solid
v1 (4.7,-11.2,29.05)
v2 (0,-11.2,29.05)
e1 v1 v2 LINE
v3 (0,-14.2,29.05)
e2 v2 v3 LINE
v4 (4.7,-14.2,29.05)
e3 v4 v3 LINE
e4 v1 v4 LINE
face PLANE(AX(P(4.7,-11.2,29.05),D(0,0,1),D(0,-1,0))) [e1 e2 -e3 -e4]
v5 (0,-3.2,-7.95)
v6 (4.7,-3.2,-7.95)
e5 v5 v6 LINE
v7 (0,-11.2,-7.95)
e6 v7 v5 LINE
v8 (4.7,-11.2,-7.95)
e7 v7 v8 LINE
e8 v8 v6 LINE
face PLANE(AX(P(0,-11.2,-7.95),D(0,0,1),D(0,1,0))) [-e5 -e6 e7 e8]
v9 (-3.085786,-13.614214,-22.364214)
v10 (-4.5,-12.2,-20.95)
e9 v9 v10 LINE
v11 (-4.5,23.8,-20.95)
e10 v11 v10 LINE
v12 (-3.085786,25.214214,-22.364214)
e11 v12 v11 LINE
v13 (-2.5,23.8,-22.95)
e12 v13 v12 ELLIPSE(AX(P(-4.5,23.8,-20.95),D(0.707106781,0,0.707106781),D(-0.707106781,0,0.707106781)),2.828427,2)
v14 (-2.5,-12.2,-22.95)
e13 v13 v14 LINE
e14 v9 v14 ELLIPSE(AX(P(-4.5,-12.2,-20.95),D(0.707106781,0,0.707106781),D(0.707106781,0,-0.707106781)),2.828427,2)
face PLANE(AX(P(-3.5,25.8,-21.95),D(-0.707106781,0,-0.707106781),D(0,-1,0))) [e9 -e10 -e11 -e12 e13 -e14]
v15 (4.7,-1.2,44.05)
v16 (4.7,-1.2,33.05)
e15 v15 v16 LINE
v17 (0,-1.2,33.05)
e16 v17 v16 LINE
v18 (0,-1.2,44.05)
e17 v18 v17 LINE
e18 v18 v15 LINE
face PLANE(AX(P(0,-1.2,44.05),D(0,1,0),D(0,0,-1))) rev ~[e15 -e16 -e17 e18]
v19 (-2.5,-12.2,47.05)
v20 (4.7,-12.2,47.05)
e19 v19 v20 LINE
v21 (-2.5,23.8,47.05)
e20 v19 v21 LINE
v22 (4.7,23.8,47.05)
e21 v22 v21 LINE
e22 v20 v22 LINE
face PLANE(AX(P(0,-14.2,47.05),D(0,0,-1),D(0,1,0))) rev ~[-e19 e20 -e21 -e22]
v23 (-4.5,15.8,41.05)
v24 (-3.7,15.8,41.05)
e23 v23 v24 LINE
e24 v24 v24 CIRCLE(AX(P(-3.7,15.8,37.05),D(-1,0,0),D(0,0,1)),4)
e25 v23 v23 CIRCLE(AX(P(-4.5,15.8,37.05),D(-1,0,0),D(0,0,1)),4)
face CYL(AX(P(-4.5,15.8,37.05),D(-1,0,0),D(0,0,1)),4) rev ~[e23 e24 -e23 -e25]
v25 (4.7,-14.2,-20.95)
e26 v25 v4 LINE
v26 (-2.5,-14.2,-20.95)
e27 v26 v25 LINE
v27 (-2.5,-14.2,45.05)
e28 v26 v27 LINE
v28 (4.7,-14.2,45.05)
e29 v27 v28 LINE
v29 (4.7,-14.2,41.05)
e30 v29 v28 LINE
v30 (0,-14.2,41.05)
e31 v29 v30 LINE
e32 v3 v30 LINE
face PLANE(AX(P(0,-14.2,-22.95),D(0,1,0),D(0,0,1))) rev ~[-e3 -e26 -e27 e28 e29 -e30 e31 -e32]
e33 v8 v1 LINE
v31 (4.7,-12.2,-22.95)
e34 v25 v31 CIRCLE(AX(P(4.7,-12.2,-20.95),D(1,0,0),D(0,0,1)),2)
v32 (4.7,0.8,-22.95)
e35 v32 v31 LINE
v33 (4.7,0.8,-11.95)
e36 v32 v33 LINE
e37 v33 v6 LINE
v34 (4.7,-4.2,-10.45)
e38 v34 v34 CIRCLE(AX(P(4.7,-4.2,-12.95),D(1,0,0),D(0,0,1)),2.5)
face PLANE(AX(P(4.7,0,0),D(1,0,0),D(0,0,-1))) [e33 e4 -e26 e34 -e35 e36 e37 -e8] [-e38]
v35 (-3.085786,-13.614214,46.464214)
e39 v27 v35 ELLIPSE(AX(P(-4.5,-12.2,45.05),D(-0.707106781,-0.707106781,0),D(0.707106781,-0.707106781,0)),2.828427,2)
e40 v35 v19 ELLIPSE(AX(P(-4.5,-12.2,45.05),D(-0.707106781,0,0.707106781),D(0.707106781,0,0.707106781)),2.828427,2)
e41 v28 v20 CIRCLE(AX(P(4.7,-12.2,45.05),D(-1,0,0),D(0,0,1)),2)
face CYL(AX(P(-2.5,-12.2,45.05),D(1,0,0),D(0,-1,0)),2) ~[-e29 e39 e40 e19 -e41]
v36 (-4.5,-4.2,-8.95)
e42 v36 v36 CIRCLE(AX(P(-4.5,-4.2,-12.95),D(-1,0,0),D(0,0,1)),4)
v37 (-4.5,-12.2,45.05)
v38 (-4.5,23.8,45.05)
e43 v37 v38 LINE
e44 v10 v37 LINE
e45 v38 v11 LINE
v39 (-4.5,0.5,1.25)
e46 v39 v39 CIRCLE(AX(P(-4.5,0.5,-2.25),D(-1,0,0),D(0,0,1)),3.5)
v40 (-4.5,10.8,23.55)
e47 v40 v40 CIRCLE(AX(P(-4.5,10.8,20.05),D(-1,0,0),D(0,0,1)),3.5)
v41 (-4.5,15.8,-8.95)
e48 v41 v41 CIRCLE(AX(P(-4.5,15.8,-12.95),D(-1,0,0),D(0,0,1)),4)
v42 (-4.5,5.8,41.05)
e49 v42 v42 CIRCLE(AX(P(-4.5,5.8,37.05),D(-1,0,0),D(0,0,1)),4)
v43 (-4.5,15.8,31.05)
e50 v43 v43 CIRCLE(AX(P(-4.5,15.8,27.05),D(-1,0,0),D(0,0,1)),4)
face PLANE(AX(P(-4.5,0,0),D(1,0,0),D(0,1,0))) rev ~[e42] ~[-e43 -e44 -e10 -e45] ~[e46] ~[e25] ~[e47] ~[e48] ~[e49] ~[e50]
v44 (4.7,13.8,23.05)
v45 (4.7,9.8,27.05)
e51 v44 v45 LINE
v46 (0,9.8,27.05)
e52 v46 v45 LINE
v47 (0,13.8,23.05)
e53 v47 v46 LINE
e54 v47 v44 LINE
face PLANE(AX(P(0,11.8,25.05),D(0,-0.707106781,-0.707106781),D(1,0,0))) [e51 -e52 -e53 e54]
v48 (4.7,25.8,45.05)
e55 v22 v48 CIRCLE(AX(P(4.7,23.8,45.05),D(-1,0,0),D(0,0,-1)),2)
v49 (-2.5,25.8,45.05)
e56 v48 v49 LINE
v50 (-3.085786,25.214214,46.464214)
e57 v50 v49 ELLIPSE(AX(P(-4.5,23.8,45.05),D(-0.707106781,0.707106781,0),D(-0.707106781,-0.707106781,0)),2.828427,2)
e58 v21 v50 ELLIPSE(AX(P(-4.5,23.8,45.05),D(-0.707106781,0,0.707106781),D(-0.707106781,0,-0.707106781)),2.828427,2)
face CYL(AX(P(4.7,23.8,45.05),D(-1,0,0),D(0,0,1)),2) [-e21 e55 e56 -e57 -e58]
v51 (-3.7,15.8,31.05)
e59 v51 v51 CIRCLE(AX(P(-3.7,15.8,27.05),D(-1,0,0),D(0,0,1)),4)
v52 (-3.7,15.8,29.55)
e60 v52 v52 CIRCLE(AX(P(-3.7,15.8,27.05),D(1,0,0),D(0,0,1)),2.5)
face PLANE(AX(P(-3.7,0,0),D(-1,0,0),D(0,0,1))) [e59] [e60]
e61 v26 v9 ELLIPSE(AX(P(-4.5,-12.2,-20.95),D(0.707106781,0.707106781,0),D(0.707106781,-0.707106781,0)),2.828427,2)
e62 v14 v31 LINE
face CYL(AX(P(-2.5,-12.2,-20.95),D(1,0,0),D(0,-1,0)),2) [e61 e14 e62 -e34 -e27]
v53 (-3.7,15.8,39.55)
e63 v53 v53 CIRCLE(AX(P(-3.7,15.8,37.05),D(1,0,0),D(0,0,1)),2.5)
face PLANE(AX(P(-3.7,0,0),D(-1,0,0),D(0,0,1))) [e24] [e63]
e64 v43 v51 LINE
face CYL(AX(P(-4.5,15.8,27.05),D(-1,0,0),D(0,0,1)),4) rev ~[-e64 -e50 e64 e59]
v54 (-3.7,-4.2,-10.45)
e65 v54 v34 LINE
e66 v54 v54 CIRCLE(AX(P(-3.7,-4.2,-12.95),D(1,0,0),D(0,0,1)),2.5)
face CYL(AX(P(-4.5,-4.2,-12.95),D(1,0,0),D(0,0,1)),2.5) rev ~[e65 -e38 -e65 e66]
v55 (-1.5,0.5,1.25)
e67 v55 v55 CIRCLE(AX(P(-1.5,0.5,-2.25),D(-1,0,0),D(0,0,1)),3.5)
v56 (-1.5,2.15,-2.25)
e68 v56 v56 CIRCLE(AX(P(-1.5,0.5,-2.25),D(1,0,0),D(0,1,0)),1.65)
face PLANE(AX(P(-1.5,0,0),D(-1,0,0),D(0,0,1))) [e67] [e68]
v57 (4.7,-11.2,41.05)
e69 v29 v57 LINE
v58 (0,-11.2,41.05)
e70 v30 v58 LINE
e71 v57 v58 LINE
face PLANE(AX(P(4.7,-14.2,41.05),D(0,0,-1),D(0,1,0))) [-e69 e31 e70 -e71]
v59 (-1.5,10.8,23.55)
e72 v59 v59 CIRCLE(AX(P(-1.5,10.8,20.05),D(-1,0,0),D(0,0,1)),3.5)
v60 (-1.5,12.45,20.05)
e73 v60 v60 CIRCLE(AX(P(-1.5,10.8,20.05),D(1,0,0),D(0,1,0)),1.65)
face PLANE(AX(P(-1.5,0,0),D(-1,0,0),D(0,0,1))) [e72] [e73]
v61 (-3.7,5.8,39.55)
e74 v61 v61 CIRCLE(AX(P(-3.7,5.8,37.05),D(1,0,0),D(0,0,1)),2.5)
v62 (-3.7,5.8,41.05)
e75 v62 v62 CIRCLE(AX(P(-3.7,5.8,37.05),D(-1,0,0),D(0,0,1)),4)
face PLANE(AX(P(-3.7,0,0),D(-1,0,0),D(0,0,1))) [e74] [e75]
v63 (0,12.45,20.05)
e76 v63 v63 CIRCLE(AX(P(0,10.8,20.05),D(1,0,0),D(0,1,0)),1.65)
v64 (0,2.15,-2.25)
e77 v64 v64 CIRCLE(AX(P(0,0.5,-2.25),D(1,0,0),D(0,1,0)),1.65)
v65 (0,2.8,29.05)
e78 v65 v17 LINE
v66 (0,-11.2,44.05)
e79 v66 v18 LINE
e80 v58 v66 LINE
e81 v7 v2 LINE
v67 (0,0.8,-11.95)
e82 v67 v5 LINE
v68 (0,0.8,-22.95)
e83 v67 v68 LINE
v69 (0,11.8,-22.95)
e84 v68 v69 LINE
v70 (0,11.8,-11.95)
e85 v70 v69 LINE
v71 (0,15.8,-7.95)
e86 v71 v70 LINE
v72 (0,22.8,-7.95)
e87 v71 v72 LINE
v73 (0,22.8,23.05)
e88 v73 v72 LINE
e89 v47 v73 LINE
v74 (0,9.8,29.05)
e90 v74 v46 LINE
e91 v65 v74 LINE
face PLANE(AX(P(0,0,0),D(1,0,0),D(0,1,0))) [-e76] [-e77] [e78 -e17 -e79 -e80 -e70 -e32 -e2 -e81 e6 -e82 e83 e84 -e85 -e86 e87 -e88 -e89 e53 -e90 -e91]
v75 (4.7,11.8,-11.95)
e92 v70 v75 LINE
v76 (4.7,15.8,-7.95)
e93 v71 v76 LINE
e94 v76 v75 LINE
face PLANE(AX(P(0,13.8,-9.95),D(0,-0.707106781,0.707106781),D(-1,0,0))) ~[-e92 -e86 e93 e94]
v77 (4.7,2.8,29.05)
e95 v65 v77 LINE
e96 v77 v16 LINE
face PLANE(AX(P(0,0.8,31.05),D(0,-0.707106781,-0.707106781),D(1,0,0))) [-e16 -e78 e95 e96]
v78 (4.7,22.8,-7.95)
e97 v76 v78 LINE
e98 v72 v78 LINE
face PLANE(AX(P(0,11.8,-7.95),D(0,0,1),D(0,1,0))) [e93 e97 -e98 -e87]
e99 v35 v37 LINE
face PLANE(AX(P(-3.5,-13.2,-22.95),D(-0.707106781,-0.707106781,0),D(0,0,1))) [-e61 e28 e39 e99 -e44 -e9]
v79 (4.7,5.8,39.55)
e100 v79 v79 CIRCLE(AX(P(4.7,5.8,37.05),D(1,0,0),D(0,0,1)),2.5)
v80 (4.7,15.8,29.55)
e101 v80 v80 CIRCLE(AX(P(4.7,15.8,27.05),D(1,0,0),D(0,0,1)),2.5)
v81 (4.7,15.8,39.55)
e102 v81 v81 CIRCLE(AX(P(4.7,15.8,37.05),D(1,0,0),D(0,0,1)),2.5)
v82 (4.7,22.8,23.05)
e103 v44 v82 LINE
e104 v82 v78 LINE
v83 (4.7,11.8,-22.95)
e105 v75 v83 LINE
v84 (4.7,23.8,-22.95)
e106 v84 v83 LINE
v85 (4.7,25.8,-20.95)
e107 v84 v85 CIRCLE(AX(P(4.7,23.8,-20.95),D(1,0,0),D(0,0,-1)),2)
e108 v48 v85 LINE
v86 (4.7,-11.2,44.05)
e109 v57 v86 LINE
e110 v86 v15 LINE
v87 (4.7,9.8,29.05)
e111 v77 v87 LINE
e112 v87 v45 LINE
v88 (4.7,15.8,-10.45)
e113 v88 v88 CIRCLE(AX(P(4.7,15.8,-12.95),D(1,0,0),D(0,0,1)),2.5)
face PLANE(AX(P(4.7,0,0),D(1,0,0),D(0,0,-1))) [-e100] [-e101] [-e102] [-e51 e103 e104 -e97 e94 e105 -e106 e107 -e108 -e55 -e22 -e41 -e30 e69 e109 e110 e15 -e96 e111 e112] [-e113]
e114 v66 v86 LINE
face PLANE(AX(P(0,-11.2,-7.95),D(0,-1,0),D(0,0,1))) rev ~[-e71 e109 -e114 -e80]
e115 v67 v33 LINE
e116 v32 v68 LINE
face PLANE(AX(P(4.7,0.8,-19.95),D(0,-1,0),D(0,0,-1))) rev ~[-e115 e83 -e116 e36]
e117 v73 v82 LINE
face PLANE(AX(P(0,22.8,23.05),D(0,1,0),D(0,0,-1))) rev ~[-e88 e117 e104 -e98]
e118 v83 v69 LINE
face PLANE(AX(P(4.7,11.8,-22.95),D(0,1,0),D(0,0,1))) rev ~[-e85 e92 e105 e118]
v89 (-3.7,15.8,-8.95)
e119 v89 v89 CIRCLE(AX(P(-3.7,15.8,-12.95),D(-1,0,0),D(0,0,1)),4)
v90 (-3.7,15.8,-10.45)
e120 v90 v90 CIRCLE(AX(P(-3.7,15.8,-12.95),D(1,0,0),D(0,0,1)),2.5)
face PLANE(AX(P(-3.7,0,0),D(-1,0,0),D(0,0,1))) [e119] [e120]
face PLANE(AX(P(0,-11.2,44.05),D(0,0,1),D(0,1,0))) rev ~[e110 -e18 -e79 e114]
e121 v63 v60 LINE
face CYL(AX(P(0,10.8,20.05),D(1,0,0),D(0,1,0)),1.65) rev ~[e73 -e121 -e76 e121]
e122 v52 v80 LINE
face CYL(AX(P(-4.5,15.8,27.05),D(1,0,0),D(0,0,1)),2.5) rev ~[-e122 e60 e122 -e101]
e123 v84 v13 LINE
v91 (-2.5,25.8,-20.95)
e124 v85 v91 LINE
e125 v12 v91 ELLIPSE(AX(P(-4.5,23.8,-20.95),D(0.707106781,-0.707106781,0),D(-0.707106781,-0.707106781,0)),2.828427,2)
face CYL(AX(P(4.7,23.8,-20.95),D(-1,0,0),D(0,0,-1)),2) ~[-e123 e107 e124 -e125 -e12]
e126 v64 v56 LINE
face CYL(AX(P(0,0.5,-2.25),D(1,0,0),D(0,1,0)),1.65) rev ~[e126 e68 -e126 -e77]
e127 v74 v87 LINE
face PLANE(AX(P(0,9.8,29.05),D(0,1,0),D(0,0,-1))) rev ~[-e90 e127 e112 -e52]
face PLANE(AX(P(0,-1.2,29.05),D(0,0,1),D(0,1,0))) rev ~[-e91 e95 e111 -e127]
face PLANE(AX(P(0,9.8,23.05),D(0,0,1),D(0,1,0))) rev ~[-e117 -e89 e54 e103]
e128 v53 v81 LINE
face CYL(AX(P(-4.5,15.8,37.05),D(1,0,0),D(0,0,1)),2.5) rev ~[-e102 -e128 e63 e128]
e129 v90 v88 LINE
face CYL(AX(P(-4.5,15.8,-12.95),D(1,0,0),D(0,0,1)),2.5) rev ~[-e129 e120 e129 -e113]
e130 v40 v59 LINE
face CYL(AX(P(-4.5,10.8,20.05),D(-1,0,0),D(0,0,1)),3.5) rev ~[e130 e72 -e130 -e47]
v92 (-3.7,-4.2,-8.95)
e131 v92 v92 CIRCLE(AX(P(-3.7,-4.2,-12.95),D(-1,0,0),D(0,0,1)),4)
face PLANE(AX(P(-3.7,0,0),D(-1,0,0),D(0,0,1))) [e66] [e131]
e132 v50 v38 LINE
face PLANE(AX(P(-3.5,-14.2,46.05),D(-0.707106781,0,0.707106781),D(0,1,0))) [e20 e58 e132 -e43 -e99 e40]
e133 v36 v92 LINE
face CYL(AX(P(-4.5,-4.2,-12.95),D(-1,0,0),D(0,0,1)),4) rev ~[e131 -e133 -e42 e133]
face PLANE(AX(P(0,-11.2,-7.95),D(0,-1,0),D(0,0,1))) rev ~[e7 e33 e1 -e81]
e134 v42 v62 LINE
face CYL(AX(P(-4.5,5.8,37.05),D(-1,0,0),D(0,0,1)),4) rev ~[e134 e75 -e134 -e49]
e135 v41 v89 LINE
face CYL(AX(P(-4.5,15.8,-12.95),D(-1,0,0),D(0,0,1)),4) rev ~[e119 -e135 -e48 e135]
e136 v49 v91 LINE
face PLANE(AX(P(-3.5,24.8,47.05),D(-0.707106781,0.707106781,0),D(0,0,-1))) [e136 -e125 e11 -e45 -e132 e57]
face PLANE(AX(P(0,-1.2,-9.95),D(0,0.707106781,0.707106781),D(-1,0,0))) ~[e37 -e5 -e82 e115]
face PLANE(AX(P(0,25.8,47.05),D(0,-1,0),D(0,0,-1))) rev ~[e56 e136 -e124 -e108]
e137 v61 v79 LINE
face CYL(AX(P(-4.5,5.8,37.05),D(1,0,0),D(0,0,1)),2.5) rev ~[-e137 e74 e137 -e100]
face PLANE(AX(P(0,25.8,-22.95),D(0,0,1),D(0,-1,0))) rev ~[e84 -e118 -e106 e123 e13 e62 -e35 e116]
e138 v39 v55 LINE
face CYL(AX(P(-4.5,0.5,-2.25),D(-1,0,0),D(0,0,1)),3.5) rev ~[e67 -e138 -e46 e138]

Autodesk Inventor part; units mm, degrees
ref_plane "YZ Plane" through (0, 0, 0) normal (1, 0, 0) x (0, 1, 0)
ref_plane "XZ Plane" through (0, 0, 0) normal (0, 1, 0) x (-1, 0, 0)
ref_plane "XY Plane" through (0, 0, 0) normal (0, 0, 1) x (1, 0, 0)
sketch "Sketch1" plane through (0, 0, 0) normal (1, 0, 0) x (0, 1, 0)
  line L0 (-1.75, 0) -> (1.75, 0) construction
  arc A0 (2.75, -1) -> (1.75, 0) centre (1.75, -1) ccw construction
  line L1 (2.75, -1) -> (2.75, -4.5) construction
  line L2 (2.75, -4.5) -> (-0.75, -4.5) construction
  arc A1 (-1.75, -3.5) -> (-0.75, -4.5) centre (-0.75, -3.5) ccw construction
  line L3 (-1.75, -3.5) -> (-1.75, 0) construction
  circle A2 centre (0.5, -2.25) radius 1.55 construction
  line L4 (13.05, 17.7) -> (9.55, 17.7) construction
  arc A3 (8.55, 18.7) -> (9.55, 17.7) centre (9.55, 18.7) ccw construction
  line L5 (8.55, 18.7) -> (8.55, 22.2) construction
  line L6 (8.55, 22.2) -> (12.05, 22.2) construction
  arc A4 (13.05, 21.2) -> (12.05, 22.2) centre (12.05, 21.2) ccw construction
  line L7 (13.05, 21.2) -> (13.05, 17.7) construction
  line L8 (12.35, 19.85) -> (12.35, 20.05) construction
  arc A5 (12.35, 20.05) -> (9.25, 20.05) centre (10.8, 20.05) ccw construction
  line L9 (9.25, 20.05) -> (9.25, 19.85) construction
  arc A6 (9.25, 19.85) -> (12.35, 19.85) centre (10.8, 19.85) ccw construction
  circle A7 centre (10.8, 20.05) radius 1.65
  circle A8 centre (0.5, -2.25) radius 1.65
  line L10 (-14.2, 47.05) -> (25.8, 47.05)
  line L11 (25.8, 47.05) -> (25.8, -22.95)
  line L12 (25.8, -22.95) -> (-14.2, -22.95)
  line L13 (-14.2, -22.95) -> (-14.2, 47.05)
  circle A9 centre (15.8, 37.05) radius 4
  circle A10 centre (5.8, 37.05) radius 4
  circle A11 centre (15.8, 27.05) radius 4
  circle A12 centre (15.8, -12.95) radius 4
  circle A13 centre (-4.2, -12.95) radius 4
  point P0 (0, 0)
  dimension "d0" = 3.3
  dimension "d1" = 3.3
  dimension "d2" = 70
  dimension "d3" = 27
  dimension "d4" = 40
  dimension "d5" = 15
  dimension "d6" = 8
  dimension "d7" = 10
  dimension "d10" = 10
  dimension "d15" = 10
  dimension "d18" = 10
  dimension "d23" = 8
  dimension "d24" = 10
  dimension "d25" = 10
  dimension "d28" = 20
extrude "Extrusion1" add sketch "Sketch1" against normal blind 4.5 contours L10 L11 L12 L13 | A9 | A10 | A11 | A12 | A13
sketch "Sketch2" plane through (-4.5, 0, 0) normal (-1, 0, 0) x (0, 0, 1)
  circle A0 centre (-2.25, 0.5) radius 1.65 construction
  circle A1 centre (20.05, 10.8) radius 1.65 construction
  line L0 (47.05, -14.2) -> (47.05, 25.8) construction
  line L1 (47.05, 25.8) -> (-22.95, 25.8) construction
  line L2 (-22.95, 25.8) -> (-22.95, -14.2) construction
  line L3 (-22.95, -14.2) -> (47.05, -14.2) construction
  circle A2 centre (20.05, 10.8) radius 3.5
  circle A3 centre (-2.25, 0.5) radius 3.5
  point P0 (0, 0)
  dimension "d35" = 7
  dimension "d36" = 7
extrude "Extrusion2" cut sketch "Sketch2" against normal blind 3
sketch "Sketch3" plane through (0, 0, 0) normal (1, 0, 0) x (0, 0, -1)
  circle A0 centre (2.25, 0.5) radius 1.65 projected
  circle A1 centre (-20.05, 10.8) radius 1.65 projected
  line L0 (-47.05, -14.2) -> (-47.05, 25.8) projected
  line L1 (22.95, -14.2) -> (-47.05, -14.2) projected
  line L2 (22.95, 25.8) -> (22.95, -14.2) projected
  line L3 (-47.05, 25.8) -> (22.95, 25.8) projected
  line L4 (19.95, 22.8) -> (19.95, -11.2)
  line L5 (19.95, -11.2) -> (-44.05, -11.2)
  line L6 (-44.05, -11.2) -> (-44.05, 22.8)
  line L7 (-44.05, 22.8) -> (19.95, 22.8)
  line L8 (-44.05, -1.2) -> (-29.05, -1.2)
  line L9 (-29.05, -1.2) -> (-29.05, 9.8)
  line L10 (-29.05, 9.8) -> (-23.05, 9.8)
  line L11 (-23.05, 9.8) -> (-23.05, 22.8)
  line L12 (7.95, -11.2) -> (7.95, 0.8)
  line L13 (7.95, 0.8) -> (19.95, 0.8)
  line L14 (19.95, 11.8) -> (7.95, 11.8)
  line L15 (7.95, 11.8) -> (7.95, 22.8)
  point P0 (0, 0)
  dimension "d39" = 3
  dimension "d42" = 13
  dimension "d43" = 21
  dimension "d44" = 24
  dimension "d45" = 15
  dimension "d46" = 12
  dimension "d47" = 11
  dimension "d48" = 12
extrude "Extrusion4" add sketch "Sketch3" along normal blind 4.7 contours L0 L3 L2 L1 | L4 L14 L15 L7 | L4 L5 L12 L13 | L11 L10 L9 L8 L6 L7
sketch "Sketch5" plane through (-4.5, 0, 0) normal (-1, 0, 0) x (0, 0, 1)
  circle A0 centre (20.05, 10.8) radius 3.5 construction
  circle A1 centre (-2.25, 0.5) radius 3.5 construction
  line L0 (47.05, -14.2) -> (47.05, 25.8) construction
  line L1 (47.05, 25.8) -> (-22.95, 25.8) construction
  line L2 (-22.95, 25.8) -> (-22.95, -14.2) construction
  line L3 (-22.95, -14.2) -> (47.05, -14.2) construction
  circle A2 centre (-12.95, -4.2) radius 4
  circle A3 centre (-12.95, 15.8) radius 4
  circle A4 centre (37.05, 15.8) radius 4
  line L4 (-22.95, -14.2) -> (-22.95, 25.8) construction
  circle A5 centre (27.05, 15.8) radius 4
  circle A6 centre (37.05, 5.8) radius 4
  point P0 (0, 0)
  dimension "d51" = 8
  dimension "d52" = 8
  dimension "d53" = 8
  dimension "d54" = 10
  dimension "d55" = 10
  dimension "d56" = 10
  dimension "d57" = 10
  dimension "d58" = 10
  dimension "d59" = 10
  dimension "d62" = 10
  dimension "d69" = 10
extrude "Extrusion5" cut sketch "Sketch5" against normal blind 0.8
sketch "Sketch6" plane through (-4.5, 0, 0) normal (-1, 0, 0) x (0, 0, 1)
  circle A0 centre (27.05, 15.8) radius 4 construction
  circle A1 centre (-12.95, 15.8) radius 4 construction
  circle A2 centre (-12.95, -4.2) radius 4 construction
  circle A3 centre (37.05, 15.8) radius 4 construction
  circle A4 centre (37.05, 5.8) radius 4 construction
  circle A5 centre (20.05, 10.8) radius 3.5 construction
  circle A6 centre (-2.25, 0.5) radius 3.5 construction
  line L0 (47.05, -14.2) -> (47.05, 25.8) construction
  line L1 (47.05, 25.8) -> (-22.95, 25.8) construction
  line L2 (-22.95, 25.8) -> (-22.95, -14.2) construction
  line L3 (-22.95, -14.2) -> (47.05, -14.2) construction
  point P0 (0, 0)
hole "Hole1" at (-4.5, 15.8, -12.95) at (-4.5, -4.2, -12.95) at (-4.5, 15.8, 27.05) at (-4.5, 15.8, 37.05) at (-4.5, 5.8, 37.05) direction (1, 0, 0) diameter 5 end through all
chamfer "Chamfer1" distance 4 angle 45 4 edges at (2.35, -1.2, 29.05) (2.35, 9.8, 23.05) (2.35, 0.8, -7.95) (2.35, 11.8, -7.95)
sketch "Sketch8" plane through (4.7, 0, 0) normal (1, 0, 0) x (0, 0, -1)
  line L0 (11.95, 11.8) -> (7.95, 15.8) construction
  line L1 (11.95, 11.8) -> (19.95, 11.8) construction
  line L2 (19.95, 11.8) -> (19.95, 0.8) construction
  line L3 (19.95, 0.8) -> (11.95, 0.8) construction
  line L4 (7.95, -3.2) -> (11.95, 0.8) construction
  line L5 (7.95, -3.2) -> (7.95, -11.2) construction
  line L6 (7.95, -11.2) -> (-44.05, -11.2) construction
  line L7 (-44.05, -11.2) -> (-44.05, -1.2) construction
  line L8 (-44.05, -1.2) -> (-33.05, -1.2) construction
  line L9 (-29.05, 2.8) -> (-33.05, -1.2) construction
  line L10 (-29.05, 2.8) -> (-29.05, 9.8) construction
  line L11 (-29.05, 9.8) -> (-27.05, 9.8) construction
  line L12 (-23.05, 13.8) -> (-27.05, 9.8) construction
  line L13 (-23.05, 13.8) -> (-23.05, 22.8) construction
  line L14 (-23.05, 22.8) -> (7.95, 22.8) construction
  line L15 (7.95, 22.8) -> (7.95, 15.8) construction
  circle A0 centre (-37.05, 15.8) radius 2.5 construction
  circle A1 centre (12.95, -4.2) radius 2.5 construction
  circle A2 centre (12.95, 15.8) radius 2.5 construction
  circle A3 centre (-27.05, 15.8) radius 2.5 construction
  circle A4 centre (-37.05, 5.8) radius 2.5 construction
  line L16 (-47.05, 25.8) -> (-47.05, -14.2) construction
  line L17 (-47.05, -14.2) -> (22.95, -14.2) construction
  line L18 (22.95, -14.2) -> (22.95, 25.8) construction
  line L19 (22.95, 25.8) -> (-47.05, 25.8) construction
  line L20 (-29.05, -11.2) -> (-29.05, -14.2)
  line L21 (-29.05, -14.2) -> (-41.05, -14.2)
  line L22 (-41.05, -14.2) -> (-41.05, -11.2)
  line L23 (19.95, 11.8) -> (19.95, 0.8) projected
  line L24 (19.95, 0.8) -> (22.95, 0.8)
  line L25 (22.95, 0.8) -> (22.95, 11.8)
  line L26 (22.95, 11.8) -> (19.95, 11.8)
  line L27 (19.95, 11.8) -> (19.95, 0.8)
  line L28 (-41.05, -11.2) -> (-29.05, -11.2)
  line L29 (7.95, -11.2) -> (-44.05, -11.2) projected
  point P0 (0, 0)
  dimension "d89" = 3
  dimension "d90" = 15
extrude "Extrusion7" cut sketch "Sketch8" against normal up to surface (4.7 mm away)
chamfer "Chamfer2" distance 2 angle 45 4 edges at (-4.5, -14.2, 12.05) (-4.5, 5.8, -22.95) (-4.5, 25.8, 12.05) (-4.5, 5.8, 47.05)
fillet "Fillet1" radius 2 4 edges at (1.1, 25.8, -22.95) (1.1, -14.2, -22.95) (1.1, -14.2, 47.05) (1.1, 25.8, 47.05)
equation "\"d36\" = d35"
properties part number "bumper cover lower"
